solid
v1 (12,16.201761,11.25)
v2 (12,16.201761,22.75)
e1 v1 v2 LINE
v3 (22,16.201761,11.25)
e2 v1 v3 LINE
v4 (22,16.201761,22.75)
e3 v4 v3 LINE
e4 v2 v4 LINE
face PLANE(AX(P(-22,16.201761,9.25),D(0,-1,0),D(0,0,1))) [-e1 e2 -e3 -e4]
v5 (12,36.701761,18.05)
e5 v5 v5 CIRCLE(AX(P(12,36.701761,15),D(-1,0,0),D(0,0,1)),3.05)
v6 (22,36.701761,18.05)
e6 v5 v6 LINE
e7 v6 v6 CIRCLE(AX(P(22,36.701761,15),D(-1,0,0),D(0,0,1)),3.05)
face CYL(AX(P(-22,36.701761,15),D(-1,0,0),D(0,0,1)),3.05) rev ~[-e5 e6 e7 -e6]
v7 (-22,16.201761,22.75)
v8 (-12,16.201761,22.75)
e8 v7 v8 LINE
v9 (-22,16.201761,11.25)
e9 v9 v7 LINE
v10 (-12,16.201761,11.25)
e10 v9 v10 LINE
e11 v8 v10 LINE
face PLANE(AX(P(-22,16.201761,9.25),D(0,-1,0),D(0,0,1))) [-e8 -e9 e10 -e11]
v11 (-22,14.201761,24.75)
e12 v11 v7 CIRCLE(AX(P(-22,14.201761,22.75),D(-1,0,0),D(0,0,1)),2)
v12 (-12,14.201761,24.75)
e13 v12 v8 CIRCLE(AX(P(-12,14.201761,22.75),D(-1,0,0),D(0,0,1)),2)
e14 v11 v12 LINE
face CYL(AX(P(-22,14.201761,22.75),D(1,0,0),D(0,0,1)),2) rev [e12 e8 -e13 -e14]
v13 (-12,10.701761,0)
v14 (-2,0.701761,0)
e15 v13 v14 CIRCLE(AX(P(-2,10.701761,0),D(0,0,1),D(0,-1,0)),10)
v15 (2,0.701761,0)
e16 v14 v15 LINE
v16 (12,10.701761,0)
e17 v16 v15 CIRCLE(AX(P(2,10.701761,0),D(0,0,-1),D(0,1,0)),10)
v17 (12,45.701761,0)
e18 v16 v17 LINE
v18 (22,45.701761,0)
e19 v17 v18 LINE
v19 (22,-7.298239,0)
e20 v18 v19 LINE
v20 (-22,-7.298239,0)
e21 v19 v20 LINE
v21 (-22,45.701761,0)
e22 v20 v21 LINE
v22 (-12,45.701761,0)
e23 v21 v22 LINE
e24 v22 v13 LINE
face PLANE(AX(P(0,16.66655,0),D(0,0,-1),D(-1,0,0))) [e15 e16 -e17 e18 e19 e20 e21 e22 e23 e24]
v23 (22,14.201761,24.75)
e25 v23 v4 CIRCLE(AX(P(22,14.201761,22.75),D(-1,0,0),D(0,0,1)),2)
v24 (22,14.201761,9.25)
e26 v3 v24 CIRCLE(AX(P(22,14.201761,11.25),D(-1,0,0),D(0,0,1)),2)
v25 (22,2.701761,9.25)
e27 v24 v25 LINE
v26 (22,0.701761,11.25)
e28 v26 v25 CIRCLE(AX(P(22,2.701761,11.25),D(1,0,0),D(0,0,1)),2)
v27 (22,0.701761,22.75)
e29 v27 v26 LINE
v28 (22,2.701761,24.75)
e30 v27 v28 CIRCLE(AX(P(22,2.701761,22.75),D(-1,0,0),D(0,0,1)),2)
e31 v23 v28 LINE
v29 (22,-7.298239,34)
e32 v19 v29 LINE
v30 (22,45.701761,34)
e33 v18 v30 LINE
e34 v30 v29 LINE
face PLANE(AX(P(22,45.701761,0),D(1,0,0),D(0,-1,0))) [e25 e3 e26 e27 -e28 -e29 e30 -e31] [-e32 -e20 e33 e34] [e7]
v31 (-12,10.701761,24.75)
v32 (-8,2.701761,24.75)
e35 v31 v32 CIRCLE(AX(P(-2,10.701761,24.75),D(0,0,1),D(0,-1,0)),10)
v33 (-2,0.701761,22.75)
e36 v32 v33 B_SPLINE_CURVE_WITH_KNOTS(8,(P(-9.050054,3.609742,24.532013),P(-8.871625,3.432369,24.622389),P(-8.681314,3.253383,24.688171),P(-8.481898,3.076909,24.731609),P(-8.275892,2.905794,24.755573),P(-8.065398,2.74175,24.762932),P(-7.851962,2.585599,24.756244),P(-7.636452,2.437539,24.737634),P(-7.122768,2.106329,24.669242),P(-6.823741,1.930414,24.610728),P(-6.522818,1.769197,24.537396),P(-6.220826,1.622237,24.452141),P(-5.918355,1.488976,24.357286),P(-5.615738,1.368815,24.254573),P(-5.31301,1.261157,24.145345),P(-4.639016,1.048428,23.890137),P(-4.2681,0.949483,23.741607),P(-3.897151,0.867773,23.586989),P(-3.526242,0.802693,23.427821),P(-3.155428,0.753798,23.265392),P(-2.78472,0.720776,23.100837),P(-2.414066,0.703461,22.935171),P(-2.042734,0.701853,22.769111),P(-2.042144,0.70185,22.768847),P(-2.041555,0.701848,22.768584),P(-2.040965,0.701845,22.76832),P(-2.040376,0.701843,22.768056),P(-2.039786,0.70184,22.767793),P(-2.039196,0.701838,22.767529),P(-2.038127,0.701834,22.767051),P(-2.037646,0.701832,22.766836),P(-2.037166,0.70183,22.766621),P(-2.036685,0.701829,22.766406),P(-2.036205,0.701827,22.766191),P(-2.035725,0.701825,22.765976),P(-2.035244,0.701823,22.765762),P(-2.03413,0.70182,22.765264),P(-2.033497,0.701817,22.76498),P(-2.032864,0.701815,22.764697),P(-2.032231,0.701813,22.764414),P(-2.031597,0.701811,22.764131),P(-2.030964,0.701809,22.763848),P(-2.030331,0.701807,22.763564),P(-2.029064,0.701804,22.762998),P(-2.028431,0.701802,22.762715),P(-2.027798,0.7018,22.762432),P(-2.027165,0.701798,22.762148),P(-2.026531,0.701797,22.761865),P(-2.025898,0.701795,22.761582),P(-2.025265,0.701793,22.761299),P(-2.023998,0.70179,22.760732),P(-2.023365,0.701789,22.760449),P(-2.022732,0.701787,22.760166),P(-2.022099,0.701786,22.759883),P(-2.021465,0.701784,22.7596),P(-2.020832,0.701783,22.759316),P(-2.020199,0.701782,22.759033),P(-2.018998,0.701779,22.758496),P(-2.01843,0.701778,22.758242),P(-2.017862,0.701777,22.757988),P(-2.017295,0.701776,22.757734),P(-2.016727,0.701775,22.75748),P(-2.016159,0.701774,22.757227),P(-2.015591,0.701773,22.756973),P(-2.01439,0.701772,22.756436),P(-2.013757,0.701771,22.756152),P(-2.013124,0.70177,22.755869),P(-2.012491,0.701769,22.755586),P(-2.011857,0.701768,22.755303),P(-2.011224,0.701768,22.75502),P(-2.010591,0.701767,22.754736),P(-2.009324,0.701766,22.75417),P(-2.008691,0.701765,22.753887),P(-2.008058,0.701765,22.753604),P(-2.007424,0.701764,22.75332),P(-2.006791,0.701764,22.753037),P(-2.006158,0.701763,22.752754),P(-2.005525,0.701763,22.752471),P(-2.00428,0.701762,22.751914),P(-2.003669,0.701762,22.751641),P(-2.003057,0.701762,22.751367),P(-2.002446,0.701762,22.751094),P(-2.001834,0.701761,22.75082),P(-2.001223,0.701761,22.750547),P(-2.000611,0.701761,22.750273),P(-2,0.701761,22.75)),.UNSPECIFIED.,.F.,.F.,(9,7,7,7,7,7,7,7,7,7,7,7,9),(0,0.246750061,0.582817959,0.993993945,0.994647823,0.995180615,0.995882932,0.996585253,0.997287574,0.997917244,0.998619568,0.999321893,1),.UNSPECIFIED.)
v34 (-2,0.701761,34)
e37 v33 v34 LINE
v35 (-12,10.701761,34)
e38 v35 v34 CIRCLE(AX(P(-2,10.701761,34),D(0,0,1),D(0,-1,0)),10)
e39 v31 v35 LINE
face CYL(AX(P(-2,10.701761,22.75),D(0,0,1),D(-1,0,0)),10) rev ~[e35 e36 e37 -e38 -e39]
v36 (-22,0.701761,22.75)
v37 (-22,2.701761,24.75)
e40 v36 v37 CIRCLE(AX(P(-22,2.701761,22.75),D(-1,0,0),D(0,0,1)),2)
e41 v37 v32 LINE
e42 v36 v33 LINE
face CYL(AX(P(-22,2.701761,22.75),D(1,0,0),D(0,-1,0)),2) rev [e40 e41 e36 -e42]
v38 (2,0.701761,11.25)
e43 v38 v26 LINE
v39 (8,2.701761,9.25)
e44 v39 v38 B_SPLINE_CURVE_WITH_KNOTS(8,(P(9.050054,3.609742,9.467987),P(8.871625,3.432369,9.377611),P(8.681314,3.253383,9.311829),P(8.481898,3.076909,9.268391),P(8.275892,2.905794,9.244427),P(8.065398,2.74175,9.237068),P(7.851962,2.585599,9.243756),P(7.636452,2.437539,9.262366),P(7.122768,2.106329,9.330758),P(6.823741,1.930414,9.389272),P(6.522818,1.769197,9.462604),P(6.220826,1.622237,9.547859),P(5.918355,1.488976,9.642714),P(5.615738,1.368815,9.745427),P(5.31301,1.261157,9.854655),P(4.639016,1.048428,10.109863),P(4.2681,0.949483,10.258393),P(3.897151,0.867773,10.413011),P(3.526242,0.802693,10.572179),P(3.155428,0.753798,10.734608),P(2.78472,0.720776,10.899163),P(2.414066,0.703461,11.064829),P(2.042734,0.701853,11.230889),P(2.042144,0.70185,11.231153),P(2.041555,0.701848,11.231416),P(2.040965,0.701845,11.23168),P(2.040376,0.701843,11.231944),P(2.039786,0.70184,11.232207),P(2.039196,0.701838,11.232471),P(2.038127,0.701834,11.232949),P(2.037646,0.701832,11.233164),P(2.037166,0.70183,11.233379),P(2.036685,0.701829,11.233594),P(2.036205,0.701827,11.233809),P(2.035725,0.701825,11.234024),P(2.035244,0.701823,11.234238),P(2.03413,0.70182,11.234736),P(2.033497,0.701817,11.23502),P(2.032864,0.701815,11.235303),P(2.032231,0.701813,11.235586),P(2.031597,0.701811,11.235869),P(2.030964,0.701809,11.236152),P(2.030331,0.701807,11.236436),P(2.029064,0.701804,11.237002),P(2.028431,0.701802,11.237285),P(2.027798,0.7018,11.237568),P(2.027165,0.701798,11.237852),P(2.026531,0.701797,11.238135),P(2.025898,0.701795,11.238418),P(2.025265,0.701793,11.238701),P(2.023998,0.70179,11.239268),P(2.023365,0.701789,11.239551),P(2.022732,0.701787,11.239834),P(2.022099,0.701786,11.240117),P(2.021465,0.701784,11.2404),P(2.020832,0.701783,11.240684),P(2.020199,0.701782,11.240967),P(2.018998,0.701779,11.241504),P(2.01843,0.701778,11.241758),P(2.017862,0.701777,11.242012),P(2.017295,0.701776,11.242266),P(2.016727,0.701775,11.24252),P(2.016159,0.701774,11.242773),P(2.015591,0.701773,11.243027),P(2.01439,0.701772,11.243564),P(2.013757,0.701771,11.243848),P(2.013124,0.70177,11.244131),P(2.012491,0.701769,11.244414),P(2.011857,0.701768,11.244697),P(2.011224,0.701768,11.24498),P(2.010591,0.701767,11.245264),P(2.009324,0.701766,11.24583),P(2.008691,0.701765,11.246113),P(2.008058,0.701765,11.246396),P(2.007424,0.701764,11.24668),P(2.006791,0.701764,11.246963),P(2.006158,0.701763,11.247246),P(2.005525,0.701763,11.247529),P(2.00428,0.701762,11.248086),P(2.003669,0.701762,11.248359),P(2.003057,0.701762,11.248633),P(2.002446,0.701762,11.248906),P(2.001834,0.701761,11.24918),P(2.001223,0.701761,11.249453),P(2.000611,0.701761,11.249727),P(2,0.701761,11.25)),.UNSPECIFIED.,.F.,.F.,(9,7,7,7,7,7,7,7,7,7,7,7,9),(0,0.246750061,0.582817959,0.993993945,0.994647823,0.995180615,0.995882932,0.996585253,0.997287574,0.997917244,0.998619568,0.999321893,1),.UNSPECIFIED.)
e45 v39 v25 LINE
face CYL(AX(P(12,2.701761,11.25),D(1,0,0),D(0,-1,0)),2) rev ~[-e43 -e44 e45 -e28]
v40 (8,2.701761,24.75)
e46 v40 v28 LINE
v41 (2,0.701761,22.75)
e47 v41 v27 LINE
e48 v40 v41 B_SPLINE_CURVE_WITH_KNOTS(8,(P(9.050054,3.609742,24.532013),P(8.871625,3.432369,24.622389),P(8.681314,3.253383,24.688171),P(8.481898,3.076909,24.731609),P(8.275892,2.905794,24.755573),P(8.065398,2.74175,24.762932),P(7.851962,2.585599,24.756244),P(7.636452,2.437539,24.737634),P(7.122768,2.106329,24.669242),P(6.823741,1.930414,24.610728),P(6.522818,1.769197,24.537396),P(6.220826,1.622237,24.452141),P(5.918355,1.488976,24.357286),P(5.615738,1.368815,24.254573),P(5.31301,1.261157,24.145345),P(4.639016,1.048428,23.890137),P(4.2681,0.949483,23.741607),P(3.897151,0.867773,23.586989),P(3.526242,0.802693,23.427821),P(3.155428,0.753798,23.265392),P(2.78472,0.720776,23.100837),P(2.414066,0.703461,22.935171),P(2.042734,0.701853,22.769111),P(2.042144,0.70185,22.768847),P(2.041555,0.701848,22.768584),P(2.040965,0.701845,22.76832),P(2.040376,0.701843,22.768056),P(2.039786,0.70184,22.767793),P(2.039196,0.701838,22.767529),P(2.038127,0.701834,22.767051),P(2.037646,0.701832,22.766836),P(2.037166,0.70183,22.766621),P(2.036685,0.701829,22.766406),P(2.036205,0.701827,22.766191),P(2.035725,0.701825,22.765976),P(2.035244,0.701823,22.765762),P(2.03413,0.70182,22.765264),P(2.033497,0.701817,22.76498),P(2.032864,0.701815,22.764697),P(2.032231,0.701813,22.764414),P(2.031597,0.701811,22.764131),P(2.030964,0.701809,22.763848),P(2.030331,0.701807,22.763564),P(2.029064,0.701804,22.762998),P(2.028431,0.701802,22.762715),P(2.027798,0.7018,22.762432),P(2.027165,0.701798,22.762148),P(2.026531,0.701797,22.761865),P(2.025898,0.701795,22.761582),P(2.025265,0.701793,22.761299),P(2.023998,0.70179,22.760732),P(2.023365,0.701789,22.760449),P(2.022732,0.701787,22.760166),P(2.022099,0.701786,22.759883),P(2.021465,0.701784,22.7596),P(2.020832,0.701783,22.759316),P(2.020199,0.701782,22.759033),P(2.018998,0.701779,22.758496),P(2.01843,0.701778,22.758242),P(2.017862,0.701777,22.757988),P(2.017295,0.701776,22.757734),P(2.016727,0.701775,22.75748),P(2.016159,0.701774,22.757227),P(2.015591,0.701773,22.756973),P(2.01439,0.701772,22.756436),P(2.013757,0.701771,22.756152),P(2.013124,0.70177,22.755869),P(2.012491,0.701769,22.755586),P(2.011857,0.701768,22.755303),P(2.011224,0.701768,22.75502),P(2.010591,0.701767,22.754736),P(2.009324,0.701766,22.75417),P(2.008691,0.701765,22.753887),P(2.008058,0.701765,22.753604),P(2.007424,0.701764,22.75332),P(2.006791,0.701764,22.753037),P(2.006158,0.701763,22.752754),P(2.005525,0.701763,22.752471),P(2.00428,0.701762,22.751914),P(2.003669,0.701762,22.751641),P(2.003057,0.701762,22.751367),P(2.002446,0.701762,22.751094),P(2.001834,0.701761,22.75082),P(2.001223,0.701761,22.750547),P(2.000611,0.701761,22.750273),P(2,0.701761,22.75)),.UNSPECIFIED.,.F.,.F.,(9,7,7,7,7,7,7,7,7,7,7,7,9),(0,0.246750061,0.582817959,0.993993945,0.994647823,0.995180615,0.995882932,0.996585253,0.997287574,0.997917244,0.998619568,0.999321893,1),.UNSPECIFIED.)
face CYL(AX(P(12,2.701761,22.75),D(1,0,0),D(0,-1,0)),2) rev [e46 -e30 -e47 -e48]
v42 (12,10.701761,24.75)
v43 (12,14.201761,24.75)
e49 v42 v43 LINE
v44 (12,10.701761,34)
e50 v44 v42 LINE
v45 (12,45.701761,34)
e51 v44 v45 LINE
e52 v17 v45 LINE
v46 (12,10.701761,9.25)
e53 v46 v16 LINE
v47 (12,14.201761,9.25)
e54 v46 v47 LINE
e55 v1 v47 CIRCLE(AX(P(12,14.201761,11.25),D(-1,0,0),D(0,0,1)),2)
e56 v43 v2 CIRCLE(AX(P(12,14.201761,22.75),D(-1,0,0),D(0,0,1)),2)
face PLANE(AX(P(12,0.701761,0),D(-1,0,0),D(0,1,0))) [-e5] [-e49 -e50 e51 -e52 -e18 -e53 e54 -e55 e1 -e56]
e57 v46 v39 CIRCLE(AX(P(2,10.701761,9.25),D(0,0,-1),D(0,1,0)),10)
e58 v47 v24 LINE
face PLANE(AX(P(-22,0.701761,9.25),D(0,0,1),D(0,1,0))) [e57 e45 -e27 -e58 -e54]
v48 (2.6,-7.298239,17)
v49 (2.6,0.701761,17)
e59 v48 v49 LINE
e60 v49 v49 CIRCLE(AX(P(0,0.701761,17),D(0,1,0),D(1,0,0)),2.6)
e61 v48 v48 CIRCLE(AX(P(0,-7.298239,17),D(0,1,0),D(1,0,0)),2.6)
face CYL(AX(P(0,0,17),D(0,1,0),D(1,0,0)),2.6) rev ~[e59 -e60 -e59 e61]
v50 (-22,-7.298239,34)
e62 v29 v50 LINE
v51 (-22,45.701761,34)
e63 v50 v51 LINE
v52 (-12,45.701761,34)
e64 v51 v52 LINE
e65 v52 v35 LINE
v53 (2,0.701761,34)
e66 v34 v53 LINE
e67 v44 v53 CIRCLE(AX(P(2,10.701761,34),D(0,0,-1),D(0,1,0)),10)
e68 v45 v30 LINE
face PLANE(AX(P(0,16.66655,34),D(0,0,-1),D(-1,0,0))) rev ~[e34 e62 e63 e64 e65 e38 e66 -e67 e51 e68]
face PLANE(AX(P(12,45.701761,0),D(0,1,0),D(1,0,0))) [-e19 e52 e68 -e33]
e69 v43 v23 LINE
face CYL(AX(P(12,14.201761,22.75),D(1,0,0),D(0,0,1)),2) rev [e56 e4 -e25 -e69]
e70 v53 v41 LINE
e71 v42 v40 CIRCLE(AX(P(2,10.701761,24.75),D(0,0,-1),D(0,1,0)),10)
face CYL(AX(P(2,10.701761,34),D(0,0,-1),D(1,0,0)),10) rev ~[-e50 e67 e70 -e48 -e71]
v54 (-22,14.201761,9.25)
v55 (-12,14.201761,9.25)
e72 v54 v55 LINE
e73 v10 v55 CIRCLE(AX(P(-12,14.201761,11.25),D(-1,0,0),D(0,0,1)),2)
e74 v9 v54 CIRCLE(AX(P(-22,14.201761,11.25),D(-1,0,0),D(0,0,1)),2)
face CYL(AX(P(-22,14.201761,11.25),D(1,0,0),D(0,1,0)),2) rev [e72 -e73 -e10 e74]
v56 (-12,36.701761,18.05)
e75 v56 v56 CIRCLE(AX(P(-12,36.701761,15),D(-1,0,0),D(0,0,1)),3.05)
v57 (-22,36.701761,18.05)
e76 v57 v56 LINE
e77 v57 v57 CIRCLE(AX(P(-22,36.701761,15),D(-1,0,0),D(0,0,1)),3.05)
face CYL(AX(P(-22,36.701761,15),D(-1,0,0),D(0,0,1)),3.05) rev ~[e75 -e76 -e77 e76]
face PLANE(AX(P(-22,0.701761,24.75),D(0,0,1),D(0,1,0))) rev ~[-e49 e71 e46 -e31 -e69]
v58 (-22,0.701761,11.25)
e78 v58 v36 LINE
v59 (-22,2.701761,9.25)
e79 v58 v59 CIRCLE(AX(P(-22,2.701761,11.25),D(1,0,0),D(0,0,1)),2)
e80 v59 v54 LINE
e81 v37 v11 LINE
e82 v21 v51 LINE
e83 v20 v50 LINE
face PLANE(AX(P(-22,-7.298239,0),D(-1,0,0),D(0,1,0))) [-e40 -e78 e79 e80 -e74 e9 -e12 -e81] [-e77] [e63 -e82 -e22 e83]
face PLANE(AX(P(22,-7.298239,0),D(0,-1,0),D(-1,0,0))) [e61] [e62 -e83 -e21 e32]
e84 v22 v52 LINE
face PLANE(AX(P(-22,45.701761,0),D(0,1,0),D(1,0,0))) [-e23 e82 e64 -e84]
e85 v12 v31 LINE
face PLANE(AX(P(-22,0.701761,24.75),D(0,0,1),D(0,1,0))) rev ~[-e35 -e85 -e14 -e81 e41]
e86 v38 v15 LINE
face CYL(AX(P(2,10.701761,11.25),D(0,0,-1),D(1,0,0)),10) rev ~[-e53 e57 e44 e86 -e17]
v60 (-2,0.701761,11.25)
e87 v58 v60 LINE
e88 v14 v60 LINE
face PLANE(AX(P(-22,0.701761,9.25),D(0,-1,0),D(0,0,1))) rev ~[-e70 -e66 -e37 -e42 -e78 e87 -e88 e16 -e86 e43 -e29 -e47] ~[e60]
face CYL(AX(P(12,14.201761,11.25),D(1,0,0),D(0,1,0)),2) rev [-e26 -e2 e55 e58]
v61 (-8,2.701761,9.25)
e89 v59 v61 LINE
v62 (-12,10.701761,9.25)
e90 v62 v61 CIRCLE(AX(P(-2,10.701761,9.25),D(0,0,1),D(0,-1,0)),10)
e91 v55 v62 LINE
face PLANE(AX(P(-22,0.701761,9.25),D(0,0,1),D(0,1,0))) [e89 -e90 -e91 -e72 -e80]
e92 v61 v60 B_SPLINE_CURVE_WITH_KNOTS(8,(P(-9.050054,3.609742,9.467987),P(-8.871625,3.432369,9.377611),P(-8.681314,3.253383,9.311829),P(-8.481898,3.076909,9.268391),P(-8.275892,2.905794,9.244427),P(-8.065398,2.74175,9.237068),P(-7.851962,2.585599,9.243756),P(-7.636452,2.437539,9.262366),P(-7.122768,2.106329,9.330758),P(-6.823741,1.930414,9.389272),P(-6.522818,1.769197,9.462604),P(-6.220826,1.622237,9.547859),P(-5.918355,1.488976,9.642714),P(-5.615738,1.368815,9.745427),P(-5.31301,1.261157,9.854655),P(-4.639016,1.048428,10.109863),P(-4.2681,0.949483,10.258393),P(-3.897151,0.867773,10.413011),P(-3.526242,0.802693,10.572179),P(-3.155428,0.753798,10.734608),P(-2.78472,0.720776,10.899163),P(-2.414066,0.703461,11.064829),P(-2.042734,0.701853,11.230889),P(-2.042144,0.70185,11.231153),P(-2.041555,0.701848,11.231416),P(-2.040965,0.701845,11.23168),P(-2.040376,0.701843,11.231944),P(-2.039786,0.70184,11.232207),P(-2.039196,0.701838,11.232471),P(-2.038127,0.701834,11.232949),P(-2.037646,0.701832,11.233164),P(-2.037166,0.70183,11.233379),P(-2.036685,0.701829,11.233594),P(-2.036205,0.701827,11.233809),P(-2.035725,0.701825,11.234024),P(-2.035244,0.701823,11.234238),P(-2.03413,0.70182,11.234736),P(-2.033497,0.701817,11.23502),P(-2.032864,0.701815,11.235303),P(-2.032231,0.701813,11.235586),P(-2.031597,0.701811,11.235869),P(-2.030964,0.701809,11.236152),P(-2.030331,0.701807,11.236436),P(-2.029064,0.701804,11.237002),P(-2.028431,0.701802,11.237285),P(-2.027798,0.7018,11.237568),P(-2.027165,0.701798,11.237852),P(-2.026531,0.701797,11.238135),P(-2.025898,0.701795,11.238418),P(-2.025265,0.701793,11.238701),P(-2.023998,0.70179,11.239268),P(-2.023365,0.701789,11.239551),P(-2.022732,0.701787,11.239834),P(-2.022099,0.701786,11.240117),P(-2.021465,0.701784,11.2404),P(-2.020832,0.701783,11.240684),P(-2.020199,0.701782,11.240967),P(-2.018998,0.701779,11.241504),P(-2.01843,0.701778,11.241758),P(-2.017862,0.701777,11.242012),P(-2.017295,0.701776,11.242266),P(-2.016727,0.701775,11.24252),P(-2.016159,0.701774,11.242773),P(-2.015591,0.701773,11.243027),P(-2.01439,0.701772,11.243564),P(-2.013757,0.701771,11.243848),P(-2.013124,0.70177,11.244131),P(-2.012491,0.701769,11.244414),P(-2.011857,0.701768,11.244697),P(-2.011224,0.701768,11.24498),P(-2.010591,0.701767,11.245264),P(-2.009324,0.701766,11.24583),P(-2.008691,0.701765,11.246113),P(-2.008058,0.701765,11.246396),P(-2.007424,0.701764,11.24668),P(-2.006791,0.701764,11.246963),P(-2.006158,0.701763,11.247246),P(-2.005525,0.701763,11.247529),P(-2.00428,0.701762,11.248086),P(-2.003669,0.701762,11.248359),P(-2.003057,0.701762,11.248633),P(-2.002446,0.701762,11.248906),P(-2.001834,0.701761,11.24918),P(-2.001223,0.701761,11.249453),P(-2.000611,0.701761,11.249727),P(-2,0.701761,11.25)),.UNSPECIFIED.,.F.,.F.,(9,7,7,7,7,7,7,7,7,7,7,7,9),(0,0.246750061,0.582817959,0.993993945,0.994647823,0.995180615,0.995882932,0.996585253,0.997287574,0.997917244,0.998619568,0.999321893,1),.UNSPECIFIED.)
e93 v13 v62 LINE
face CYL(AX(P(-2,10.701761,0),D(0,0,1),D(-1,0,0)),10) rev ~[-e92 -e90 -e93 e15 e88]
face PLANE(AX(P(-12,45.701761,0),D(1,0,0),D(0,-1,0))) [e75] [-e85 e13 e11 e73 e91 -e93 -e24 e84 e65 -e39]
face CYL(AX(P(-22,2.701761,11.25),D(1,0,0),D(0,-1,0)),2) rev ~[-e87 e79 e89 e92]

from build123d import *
from OCP.BRepFilletAPI import BRepFilletAPI_MakeFillet

# Parameters (mm, degrees)
EXTRUDE_1_DEPTH     = 34
SKETCH_2_R          = 2.6
CUT_EXTRUDE_1_DEPTH = 30
SKETCH_3_R          = 3.05
CUT_EXTRUDE_2_DEPTH = 50
SKETCH_8_W          = 15.5
SKETCH_8_H          = 15.5
CUT_EXTRUDE_5_DEPTH = 50
FILLET_4_R1         = 2
FILLET_4_R2         = 10


with BuildPart() as part:
    # 草图1 → 凸台-拉伸1 (new body)
    with BuildSketch(Plane.XY):
        Polygon((-22, 45.701761355), (-12, 45.701761355), (-12, 0.701761355), (12, 0.701761355), (12, 45.701761355), (22, 45.701761355), (22, -7.298238645), (-22, -7.298238645), align=None)
    extrude(amount=EXTRUDE_1_DEPTH)

    # 草图2 → 切除-拉伸1 (cut, symmetric)
    with BuildSketch(Plane(origin=(0, 0, 0), x_dir=(1, 0, 0), z_dir=(0, 1, 0))):
        with Locations((0, -17)):
            Circle(SKETCH_2_R)
    extrude(amount=CUT_EXTRUDE_1_DEPTH, both=True, mode=Mode.SUBTRACT)

    # 草图3 → 切除-拉伸2 (cut)
    with BuildSketch(Plane.ZY.offset(22)):
        with Locations((15, 36.701761355)):
            Circle(SKETCH_3_R)
    extrude(amount=-CUT_EXTRUDE_2_DEPTH, mode=Mode.SUBTRACT)

    # 草图8 → 切除-拉伸5 (cut)
    with BuildSketch(Plane.ZY.offset(22)):
        with Locations((17, 8.451761355)):
            Rectangle(SKETCH_8_W, SKETCH_8_H)
    extrude(amount=-CUT_EXTRUDE_5_DEPTH, mode=Mode.SUBTRACT)

    # 圆角4: one fillet with a radius per group of edges: ONE call of the kernel's fillet builder (fillet() takes one radius for all edges)
    fillet_4_edges_1 = [part.edges().sort_by_distance(p)[0] for p in [
        (-17, 16.201761355, 9.25),
        (-17, 16.201761355, 24.75),
        (-17, 0.701761355, 24.75),
        (-17, 0.701761355, 9.25),
        (17, 0.701761355, 9.25),
        (17, 16.201761355, 9.25),
        (17, 0.701761355, 24.75),
        (17, 16.201761355, 24.75),
    ]]
    fillet_4_edges_2 = [part.edges().sort_by_distance(p)[0] for p in [
        (-12, 0.701761355, 4.625),
        (-12, 0.701761355, 29.375),
        (12, 0.701761355, 29.375),
        (12, 0.701761355, 4.625),
    ]]
    fillet_4 = BRepFilletAPI_MakeFillet(part.part.solid().wrapped)
    for e in fillet_4_edges_1:
        fillet_4.Add(FILLET_4_R1, e.wrapped)
    for e in fillet_4_edges_2:
        fillet_4.Add(FILLET_4_R2, e.wrapped)
    add(Compound.cast(fillet_4.Shape()), mode=Mode.REPLACE)


solid = part.part
